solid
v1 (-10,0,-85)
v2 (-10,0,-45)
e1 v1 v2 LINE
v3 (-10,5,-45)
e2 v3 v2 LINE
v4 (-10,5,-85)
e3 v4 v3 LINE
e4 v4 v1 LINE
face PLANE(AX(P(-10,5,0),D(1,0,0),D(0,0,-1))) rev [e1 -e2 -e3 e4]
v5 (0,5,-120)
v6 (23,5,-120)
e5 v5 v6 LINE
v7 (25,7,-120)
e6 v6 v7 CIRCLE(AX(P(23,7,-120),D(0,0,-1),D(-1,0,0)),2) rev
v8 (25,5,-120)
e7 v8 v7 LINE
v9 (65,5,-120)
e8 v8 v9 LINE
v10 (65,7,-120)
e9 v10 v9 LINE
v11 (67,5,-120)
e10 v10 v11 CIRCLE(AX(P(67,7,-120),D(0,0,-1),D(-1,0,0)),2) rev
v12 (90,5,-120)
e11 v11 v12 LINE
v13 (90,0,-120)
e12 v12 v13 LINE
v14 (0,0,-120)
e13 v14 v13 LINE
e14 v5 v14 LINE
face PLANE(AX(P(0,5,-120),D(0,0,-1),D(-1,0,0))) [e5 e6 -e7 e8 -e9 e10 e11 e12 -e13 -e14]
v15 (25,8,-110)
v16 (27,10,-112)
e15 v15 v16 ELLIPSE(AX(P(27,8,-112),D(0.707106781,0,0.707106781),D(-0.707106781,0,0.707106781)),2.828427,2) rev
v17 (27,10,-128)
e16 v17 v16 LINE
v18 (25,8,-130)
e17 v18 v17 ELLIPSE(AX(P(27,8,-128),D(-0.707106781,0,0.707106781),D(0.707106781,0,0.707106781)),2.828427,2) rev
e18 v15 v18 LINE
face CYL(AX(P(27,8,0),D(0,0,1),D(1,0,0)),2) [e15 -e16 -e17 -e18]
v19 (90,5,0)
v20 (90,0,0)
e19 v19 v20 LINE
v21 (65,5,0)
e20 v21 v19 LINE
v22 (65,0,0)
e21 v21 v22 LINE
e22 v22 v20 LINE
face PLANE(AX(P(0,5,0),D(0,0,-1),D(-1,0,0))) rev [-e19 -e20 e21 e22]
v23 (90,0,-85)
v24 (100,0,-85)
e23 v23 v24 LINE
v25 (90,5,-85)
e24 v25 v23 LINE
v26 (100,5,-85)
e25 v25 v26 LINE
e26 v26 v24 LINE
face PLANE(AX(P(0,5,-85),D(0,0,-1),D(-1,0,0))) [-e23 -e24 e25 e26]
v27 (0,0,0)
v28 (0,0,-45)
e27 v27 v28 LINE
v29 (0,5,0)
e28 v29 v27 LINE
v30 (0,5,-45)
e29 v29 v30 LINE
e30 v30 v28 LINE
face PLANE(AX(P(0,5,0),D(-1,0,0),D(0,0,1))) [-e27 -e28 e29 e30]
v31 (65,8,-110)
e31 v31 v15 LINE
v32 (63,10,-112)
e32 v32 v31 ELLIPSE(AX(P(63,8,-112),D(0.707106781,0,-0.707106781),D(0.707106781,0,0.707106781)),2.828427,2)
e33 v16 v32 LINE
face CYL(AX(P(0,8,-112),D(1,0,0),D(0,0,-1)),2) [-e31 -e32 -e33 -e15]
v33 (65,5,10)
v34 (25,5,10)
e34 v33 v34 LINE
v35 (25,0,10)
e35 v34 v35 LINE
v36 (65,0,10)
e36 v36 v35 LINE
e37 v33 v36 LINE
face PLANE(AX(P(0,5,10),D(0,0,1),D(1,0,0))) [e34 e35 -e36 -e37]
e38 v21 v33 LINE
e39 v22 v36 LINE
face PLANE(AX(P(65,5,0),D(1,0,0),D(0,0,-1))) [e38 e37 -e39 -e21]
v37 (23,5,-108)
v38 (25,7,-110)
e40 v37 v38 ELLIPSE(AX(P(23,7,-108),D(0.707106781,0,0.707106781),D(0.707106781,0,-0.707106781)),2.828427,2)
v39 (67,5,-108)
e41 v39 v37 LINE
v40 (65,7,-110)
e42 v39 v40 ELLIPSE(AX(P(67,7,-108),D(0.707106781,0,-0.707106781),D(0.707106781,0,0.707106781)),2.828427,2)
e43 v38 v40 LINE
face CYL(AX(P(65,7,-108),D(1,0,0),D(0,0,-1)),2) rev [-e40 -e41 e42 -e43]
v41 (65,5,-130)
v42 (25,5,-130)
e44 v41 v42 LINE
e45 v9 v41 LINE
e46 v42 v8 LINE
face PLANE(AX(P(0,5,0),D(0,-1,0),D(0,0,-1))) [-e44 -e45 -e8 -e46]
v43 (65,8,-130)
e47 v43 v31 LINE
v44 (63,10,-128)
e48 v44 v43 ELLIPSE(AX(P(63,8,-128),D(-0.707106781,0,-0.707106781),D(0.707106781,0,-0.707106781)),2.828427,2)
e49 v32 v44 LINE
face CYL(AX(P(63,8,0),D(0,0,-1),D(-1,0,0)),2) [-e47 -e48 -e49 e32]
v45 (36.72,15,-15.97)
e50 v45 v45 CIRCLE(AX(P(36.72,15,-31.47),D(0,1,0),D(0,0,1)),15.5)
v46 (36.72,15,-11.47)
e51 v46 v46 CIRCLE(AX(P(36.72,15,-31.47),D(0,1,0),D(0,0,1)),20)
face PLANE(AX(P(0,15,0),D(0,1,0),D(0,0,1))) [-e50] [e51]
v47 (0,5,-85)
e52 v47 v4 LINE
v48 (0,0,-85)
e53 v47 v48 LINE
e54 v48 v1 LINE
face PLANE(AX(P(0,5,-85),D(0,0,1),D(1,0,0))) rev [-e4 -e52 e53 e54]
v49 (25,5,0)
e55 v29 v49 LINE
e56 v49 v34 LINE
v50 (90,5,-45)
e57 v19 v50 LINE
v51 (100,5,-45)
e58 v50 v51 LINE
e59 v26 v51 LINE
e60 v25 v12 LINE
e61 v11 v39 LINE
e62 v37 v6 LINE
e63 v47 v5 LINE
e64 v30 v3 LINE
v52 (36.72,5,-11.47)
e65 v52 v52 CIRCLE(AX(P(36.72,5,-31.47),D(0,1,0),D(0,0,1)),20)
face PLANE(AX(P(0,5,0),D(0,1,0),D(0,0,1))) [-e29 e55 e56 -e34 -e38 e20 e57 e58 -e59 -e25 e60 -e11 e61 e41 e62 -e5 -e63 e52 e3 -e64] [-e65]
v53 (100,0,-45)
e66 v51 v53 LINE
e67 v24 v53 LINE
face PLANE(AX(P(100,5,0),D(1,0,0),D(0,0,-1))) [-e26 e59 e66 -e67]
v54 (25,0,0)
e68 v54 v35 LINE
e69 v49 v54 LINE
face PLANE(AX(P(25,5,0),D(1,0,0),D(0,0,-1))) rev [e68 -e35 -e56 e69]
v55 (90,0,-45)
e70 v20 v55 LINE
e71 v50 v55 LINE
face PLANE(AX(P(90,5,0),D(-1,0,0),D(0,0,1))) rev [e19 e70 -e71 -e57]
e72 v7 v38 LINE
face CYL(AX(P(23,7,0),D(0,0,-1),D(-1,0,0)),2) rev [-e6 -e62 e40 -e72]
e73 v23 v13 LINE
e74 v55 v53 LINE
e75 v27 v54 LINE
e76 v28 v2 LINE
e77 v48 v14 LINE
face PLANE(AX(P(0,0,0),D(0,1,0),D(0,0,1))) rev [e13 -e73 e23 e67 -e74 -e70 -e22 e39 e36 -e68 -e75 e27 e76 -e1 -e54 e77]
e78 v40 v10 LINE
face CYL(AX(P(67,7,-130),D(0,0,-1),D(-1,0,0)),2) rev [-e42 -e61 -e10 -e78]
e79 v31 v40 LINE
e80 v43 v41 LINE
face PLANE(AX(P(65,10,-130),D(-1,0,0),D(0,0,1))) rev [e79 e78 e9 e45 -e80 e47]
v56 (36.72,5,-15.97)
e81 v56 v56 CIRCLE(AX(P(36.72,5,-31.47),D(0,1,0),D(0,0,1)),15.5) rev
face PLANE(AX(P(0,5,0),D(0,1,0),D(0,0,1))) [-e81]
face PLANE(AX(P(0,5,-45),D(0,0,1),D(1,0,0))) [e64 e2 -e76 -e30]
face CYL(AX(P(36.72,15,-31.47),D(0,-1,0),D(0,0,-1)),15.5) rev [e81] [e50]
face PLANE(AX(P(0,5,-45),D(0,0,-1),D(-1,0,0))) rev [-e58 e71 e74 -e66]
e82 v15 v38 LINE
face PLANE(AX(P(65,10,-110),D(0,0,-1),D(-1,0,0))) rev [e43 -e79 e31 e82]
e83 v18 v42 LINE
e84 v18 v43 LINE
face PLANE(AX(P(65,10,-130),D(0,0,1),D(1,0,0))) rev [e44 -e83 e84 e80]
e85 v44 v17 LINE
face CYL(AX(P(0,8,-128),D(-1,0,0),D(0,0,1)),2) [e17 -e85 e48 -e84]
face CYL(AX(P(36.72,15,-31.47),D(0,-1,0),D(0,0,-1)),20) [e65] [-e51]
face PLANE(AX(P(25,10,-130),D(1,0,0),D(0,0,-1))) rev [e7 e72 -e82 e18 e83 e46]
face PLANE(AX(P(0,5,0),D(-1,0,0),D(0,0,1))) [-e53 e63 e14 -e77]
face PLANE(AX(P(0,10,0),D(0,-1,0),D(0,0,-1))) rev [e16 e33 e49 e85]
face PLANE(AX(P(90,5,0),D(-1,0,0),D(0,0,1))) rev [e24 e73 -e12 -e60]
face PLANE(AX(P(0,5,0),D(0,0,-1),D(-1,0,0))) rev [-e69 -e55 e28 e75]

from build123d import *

# Parameters (mm, degrees)
SKETCH1_W           = 90
SKETCH1_H           = 120
SKETCH1_W_2         = 10
SKETCH1_H_2         = 40
SKETCH1_W_3         = 40
SKETCH1_H_3         = 10
BOSS_EXTRUDE1_DEPTH = 5
SKETCH4_R           = 20
SKETCH4_R_2         = 15.5
BOSS_EXTRUDE2_DEPTH = 10
SKETCH5_W           = 40
SKETCH5_H           = 20
BOSS_EXTRUDE3_DEPTH = 5
FILLET1_R           = 2


with BuildPart() as part:
    # Sketch1 → Boss-Extrude1 (new body)
    with BuildSketch(Plane(origin=(0, 0, 0), x_dir=(1, 0, 0), z_dir=(0, 1, 0))):
        with Locations((45, 60)):
            Rectangle(SKETCH1_W, SKETCH1_H)
        with Locations((-5, 65)):
            Rectangle(SKETCH1_W_2, SKETCH1_H_2)
        with Locations((95, 65)):
            Rectangle(SKETCH1_W_2, SKETCH1_H_2)
        with Locations((45, -5)):
            Rectangle(SKETCH1_W_3, SKETCH1_H_3)
    extrude(amount=BOSS_EXTRUDE1_DEPTH)

    # Sketch4 → Boss-Extrude2 (add)
    with BuildSketch(Plane(origin=(0, 5, 0), x_dir=(1, 0, 0), z_dir=(0, 1, 0))):
        with Locations(Location((36.72, 31.47, 0), (0, 0, 270))):
            Circle(SKETCH4_R)
        with Locations(Location((36.72, 31.47, 0), (0, 0, 270))):
            Circle(SKETCH4_R_2, mode=Mode.SUBTRACT)
    extrude(amount=BOSS_EXTRUDE2_DEPTH)

    # Sketch5 → Boss-Extrude3 (add)
    with BuildSketch(Plane(origin=(0, 5, 0), x_dir=(1, 0, 0), z_dir=(0, 1, 0))):
        with Locations((45, 120)):
            Rectangle(SKETCH5_W, SKETCH5_H)
    extrude(amount=BOSS_EXTRUDE3_DEPTH)

    # Fillet1
    fillet1_edges = [part.edges().sort_by_distance(p)[0] for p in [
        (25, 5, -115),
        (45, 5, -110),
        (65, 5, -115),
        (25, 10, -120),
        (45, 10, -110),
        (65, 10, -120),
        (45, 10, -130),
    ]]
    fillet(fillet1_edges, radius=FILLET1_R)


solid = part.part
